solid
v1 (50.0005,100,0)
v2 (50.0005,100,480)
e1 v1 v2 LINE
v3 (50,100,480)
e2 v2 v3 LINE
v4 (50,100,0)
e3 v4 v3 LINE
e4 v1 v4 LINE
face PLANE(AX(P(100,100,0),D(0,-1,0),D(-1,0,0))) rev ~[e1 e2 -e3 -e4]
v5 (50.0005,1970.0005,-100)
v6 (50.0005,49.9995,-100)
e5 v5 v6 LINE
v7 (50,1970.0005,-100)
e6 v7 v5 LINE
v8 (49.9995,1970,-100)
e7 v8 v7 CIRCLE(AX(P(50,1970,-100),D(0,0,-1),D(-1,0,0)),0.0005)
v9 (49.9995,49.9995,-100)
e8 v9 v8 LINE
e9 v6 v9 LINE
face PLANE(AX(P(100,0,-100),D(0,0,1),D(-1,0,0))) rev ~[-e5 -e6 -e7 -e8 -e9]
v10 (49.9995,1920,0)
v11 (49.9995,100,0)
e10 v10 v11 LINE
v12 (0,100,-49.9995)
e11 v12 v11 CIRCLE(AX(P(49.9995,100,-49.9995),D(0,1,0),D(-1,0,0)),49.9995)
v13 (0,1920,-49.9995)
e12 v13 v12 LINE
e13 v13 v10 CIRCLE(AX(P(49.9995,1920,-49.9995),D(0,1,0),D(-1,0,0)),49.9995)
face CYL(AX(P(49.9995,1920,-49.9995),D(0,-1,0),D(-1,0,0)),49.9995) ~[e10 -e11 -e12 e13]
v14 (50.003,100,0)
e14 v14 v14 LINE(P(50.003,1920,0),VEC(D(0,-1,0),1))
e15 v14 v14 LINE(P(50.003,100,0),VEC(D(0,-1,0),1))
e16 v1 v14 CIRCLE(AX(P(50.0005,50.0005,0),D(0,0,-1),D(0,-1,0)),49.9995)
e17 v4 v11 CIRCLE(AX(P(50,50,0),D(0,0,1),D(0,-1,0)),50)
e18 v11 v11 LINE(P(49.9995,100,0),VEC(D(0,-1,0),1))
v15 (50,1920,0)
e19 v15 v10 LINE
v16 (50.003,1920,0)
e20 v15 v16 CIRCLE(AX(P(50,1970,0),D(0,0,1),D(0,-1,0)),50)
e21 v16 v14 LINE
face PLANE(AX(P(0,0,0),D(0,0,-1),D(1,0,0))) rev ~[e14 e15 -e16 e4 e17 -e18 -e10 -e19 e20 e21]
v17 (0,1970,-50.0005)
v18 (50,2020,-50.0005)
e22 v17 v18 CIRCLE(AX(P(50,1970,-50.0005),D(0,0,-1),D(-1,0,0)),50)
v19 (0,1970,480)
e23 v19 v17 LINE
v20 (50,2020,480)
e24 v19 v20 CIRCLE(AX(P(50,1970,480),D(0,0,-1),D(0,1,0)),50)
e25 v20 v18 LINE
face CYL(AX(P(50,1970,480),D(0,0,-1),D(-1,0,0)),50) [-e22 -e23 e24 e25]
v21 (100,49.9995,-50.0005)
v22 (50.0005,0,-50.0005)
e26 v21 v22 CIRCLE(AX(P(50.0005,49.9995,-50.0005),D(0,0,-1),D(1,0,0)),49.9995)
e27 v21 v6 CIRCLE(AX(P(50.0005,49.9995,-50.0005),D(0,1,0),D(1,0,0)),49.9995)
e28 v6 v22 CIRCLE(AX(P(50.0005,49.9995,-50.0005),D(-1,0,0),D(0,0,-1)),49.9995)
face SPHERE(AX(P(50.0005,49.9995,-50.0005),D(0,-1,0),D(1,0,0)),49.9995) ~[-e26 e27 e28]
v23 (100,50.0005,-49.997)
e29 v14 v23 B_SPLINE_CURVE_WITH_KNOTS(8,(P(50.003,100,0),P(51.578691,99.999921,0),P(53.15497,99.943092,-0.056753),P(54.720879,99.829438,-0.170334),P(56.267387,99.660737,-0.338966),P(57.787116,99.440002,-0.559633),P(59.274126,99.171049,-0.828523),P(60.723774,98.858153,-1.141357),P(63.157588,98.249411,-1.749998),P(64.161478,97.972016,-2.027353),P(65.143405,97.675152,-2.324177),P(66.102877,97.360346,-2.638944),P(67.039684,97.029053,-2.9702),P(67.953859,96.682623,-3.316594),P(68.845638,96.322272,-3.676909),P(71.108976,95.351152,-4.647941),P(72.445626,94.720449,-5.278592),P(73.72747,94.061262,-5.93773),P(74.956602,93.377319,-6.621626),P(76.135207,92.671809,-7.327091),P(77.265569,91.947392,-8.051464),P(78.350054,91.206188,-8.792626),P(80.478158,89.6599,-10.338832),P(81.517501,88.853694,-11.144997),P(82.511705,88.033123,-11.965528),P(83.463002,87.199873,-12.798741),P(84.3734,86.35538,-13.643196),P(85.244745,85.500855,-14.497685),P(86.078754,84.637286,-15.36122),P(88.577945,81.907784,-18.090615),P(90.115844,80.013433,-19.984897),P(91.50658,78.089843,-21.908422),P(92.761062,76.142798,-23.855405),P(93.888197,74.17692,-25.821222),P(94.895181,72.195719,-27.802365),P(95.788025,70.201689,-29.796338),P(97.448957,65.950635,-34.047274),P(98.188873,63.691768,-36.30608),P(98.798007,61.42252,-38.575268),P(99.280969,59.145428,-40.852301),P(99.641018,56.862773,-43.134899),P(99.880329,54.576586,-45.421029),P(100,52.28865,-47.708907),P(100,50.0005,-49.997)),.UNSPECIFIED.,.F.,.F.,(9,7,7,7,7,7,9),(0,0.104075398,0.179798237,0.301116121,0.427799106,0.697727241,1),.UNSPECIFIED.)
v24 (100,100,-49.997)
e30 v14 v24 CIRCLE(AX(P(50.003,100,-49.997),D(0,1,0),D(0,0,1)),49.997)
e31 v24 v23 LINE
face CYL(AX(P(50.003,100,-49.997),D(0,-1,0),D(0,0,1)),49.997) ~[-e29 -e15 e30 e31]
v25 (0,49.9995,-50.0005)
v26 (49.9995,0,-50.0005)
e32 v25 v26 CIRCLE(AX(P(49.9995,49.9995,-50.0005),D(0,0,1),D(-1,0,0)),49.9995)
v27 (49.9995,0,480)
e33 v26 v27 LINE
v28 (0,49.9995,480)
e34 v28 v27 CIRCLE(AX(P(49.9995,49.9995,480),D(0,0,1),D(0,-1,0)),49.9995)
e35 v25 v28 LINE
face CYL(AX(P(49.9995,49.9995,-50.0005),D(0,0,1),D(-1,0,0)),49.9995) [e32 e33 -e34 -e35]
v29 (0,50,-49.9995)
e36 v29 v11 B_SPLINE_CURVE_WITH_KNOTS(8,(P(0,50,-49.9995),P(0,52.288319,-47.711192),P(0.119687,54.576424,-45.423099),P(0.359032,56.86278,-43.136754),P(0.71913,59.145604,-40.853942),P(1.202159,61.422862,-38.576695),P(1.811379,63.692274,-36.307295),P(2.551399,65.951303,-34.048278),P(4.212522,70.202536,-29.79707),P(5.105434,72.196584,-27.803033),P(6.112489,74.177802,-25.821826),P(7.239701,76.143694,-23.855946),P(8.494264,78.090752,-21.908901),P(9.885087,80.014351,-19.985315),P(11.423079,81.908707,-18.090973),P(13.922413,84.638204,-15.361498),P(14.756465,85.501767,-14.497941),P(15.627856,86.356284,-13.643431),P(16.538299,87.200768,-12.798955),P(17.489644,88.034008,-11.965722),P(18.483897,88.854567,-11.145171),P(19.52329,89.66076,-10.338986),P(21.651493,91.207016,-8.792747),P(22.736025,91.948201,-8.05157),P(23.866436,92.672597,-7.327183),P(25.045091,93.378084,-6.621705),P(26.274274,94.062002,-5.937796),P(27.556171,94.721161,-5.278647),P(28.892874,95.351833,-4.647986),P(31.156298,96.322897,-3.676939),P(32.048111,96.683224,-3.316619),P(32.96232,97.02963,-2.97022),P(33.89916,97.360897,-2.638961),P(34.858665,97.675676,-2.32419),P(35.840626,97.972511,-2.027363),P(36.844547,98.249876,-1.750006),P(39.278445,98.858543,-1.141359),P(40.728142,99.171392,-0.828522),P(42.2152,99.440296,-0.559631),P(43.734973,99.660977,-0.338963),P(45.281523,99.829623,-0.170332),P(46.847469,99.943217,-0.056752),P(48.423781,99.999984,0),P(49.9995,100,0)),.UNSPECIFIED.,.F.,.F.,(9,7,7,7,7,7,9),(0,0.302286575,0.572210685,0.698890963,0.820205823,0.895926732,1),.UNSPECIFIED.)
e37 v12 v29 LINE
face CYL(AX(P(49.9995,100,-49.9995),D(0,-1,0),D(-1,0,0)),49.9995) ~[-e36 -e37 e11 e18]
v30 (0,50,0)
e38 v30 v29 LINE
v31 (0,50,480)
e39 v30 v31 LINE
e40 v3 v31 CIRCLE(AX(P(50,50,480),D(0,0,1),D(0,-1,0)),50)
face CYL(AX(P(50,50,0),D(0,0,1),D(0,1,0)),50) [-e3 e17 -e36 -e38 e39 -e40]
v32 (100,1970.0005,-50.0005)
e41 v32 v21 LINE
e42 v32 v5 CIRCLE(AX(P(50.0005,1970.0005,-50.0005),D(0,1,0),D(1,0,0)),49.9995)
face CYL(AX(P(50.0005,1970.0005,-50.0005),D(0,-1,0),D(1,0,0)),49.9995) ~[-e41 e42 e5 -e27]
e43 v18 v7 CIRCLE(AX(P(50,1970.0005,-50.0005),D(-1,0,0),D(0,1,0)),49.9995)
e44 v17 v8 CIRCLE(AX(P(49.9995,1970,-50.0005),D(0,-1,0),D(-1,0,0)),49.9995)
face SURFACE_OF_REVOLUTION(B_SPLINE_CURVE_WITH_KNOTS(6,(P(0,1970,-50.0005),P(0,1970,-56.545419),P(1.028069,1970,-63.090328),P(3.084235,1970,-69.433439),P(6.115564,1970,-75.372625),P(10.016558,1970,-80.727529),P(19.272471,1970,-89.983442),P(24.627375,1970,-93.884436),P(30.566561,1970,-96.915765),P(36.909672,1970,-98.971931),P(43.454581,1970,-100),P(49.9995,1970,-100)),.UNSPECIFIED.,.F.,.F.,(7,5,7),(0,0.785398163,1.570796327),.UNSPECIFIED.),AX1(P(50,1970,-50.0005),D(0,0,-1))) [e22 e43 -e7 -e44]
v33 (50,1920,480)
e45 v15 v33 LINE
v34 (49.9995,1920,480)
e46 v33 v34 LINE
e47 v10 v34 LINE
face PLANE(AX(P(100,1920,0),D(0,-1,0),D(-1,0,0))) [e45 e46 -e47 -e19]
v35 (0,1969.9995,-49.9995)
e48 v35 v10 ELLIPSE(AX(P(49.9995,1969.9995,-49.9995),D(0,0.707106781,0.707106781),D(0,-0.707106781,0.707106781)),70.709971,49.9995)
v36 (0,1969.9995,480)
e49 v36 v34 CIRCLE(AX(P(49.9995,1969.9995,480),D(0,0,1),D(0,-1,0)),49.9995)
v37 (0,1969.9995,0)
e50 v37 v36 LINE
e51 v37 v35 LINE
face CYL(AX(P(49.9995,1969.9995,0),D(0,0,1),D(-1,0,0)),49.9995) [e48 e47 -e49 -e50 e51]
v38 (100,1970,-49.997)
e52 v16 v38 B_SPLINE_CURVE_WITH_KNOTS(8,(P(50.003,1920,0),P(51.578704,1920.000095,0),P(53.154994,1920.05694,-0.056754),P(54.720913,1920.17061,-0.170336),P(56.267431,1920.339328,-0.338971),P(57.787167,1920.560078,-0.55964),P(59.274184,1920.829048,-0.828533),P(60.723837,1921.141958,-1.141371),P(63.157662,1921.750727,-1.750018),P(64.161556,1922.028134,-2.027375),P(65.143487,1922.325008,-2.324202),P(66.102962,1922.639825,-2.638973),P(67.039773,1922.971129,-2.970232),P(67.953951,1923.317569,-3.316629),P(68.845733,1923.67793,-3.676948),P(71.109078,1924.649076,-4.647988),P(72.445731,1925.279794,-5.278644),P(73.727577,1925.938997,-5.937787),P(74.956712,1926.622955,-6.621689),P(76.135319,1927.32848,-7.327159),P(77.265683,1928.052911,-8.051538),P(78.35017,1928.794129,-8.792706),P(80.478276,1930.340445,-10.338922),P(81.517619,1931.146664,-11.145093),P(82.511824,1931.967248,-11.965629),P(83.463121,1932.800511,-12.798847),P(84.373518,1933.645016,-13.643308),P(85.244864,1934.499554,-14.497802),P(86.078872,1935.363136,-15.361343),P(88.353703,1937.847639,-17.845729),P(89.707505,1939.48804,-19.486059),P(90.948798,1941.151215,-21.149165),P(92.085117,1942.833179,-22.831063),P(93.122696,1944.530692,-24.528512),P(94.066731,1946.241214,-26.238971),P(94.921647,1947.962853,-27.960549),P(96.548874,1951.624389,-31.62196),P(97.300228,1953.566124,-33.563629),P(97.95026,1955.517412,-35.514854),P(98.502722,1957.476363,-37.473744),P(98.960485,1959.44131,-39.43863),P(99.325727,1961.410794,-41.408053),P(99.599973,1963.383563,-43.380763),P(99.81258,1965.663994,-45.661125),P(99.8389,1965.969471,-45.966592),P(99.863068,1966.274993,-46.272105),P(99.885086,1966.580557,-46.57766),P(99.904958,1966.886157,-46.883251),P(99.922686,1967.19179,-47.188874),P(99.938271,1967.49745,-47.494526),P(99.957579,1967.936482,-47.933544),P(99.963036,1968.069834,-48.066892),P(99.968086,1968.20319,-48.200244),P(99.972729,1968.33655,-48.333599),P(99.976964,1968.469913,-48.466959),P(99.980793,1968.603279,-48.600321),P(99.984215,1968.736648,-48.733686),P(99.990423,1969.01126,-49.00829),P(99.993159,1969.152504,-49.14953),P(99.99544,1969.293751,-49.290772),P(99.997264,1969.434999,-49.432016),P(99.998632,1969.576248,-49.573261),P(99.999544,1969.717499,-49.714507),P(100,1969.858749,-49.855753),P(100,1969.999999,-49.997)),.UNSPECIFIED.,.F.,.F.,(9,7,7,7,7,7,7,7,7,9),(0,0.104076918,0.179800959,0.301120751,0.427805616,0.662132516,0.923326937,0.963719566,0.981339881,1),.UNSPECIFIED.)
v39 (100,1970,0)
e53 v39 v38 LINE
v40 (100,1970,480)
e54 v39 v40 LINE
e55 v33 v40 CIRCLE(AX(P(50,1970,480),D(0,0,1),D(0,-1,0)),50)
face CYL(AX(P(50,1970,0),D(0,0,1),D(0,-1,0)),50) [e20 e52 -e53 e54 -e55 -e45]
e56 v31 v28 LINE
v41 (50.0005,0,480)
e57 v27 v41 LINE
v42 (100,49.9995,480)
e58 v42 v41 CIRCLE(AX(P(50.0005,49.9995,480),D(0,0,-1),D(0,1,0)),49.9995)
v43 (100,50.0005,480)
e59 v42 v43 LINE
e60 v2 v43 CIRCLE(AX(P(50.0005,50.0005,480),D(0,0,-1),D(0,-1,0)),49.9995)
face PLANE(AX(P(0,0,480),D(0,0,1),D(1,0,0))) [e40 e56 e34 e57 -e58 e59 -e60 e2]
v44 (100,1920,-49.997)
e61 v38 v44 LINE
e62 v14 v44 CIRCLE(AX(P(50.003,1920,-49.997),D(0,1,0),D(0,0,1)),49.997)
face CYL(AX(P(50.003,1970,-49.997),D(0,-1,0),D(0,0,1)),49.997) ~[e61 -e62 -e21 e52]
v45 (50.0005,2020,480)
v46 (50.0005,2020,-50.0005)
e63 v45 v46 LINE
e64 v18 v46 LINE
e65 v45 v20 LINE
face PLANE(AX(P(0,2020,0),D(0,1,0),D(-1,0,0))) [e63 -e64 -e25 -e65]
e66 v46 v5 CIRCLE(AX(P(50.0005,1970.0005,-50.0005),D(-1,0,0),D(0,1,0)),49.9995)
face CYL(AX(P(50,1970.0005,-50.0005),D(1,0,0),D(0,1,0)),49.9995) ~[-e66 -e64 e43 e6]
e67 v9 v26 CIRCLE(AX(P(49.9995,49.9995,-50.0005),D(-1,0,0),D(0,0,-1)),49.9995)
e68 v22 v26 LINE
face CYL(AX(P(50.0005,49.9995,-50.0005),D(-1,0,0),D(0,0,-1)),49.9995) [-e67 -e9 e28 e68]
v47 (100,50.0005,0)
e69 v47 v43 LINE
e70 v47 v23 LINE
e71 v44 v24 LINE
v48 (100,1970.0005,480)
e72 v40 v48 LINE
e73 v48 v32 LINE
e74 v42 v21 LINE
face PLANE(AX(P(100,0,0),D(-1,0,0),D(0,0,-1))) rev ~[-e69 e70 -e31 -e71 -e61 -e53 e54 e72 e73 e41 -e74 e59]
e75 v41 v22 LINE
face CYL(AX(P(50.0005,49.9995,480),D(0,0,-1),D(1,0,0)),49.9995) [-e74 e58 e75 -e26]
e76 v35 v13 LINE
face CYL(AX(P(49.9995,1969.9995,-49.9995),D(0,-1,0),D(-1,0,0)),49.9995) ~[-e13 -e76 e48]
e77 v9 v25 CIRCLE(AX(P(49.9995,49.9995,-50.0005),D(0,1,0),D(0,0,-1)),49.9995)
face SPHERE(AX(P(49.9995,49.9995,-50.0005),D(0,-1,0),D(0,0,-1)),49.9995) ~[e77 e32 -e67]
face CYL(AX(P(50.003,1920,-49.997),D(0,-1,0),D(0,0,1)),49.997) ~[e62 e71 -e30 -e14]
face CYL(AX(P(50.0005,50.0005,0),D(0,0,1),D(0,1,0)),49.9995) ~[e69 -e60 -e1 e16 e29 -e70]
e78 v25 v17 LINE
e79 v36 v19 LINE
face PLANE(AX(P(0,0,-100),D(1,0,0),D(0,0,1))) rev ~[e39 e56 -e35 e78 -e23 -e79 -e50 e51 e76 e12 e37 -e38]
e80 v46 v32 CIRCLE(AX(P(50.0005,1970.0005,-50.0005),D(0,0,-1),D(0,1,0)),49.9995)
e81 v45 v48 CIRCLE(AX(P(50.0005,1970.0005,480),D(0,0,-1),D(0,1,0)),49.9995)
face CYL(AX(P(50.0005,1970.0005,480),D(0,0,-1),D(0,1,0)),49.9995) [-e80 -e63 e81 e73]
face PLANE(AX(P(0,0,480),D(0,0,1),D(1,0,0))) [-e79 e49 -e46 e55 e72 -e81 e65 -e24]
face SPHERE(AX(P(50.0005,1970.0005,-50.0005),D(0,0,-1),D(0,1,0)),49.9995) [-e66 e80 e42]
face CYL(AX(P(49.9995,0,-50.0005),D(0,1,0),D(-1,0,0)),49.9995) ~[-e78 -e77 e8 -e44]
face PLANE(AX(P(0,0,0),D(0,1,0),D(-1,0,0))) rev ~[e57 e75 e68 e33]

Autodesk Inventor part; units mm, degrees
ref_plane "YZ Plane" through (0, 0, 0) normal (1, 0, 0) x (0, 1, 0)
ref_plane "XZ Plane" through (0, 0, 0) normal (0, 1, 0) x (-1, 0, 0)
ref_plane "XY Plane" through (0, 0, 0) normal (0, 0, 1) x (1, 0, 0)
sketch "Boceto1" plane through (0, 0, 0) normal (0, 1, 0) x (-1, 0, 0)
  line L0 (0, 0) -> (-100, 0)
  line L1 (-100, 0) -> (-100, -100)
  line L2 (-100, -100) -> (0, -100)
  line L3 (0, -100) -> (0, 0)
  dimension "d0" = 100
  dimension "d1" = 100
extrude "Extrusión1" add sketch "Boceto1" along normal blind 2020
sketch "Boceto2" plane through (0, 0, 0) normal (0, 0, 1) x (1, 0, 0)
  line L0 (100, 2020) -> (0, 2020) projected
  line L1 (100, 0) -> (100, 2020) projected
  line L2 (0, 2020) -> (100, 2020)
  line L3 (100, 2020) -> (100, 1920)
  line L4 (100, 1920) -> (0, 1920)
  line L5 (0, 1920) -> (0, 2020)
  line L6 (0, 0) -> (100, 0)
  line L7 (100, 0) -> (100, 100)
  line L8 (100, 100) -> (0, 100)
  line L9 (0, 100) -> (0, 0)
  dimension "d4" = 100
  dimension "d5" = 100
extrude "Extrusión2" add sketch "Boceto2" along normal blind 480
fillet "Empalme1" radius 50 1 edges at (0, 2020, 190)
fillet "Empalme2" radius 50 1 edges at (100, 2020, 190)
fillet "Empalme3" radius 50 1 edges at (0, 1920, 240)
fillet "Empalme4" radius 50 1 edges at (100, 1920, 240)
fillet "Empalme5" radius 50 3 edges at (14.6447, 2005.3553, -100) (100, 985.0003, -100) (0, 985, -100)
fillet "Empalme6" radius 50 1 edges at (85.3555, 0, -85.3555)
fillet "Empalme7" radius 50 1 edges at (0, 100, 240)
fillet "Empalme8" radius 50 1 edges at (100, 100, 240)
fillet "Empalme9" radius 50 2 edges at (0, 75, 0) (0, 1944.9997, 0)
fillet "Empalme10" radius 50 1 edges at (100, 75.0003, 0)
properties part number "Union_Poleas"
